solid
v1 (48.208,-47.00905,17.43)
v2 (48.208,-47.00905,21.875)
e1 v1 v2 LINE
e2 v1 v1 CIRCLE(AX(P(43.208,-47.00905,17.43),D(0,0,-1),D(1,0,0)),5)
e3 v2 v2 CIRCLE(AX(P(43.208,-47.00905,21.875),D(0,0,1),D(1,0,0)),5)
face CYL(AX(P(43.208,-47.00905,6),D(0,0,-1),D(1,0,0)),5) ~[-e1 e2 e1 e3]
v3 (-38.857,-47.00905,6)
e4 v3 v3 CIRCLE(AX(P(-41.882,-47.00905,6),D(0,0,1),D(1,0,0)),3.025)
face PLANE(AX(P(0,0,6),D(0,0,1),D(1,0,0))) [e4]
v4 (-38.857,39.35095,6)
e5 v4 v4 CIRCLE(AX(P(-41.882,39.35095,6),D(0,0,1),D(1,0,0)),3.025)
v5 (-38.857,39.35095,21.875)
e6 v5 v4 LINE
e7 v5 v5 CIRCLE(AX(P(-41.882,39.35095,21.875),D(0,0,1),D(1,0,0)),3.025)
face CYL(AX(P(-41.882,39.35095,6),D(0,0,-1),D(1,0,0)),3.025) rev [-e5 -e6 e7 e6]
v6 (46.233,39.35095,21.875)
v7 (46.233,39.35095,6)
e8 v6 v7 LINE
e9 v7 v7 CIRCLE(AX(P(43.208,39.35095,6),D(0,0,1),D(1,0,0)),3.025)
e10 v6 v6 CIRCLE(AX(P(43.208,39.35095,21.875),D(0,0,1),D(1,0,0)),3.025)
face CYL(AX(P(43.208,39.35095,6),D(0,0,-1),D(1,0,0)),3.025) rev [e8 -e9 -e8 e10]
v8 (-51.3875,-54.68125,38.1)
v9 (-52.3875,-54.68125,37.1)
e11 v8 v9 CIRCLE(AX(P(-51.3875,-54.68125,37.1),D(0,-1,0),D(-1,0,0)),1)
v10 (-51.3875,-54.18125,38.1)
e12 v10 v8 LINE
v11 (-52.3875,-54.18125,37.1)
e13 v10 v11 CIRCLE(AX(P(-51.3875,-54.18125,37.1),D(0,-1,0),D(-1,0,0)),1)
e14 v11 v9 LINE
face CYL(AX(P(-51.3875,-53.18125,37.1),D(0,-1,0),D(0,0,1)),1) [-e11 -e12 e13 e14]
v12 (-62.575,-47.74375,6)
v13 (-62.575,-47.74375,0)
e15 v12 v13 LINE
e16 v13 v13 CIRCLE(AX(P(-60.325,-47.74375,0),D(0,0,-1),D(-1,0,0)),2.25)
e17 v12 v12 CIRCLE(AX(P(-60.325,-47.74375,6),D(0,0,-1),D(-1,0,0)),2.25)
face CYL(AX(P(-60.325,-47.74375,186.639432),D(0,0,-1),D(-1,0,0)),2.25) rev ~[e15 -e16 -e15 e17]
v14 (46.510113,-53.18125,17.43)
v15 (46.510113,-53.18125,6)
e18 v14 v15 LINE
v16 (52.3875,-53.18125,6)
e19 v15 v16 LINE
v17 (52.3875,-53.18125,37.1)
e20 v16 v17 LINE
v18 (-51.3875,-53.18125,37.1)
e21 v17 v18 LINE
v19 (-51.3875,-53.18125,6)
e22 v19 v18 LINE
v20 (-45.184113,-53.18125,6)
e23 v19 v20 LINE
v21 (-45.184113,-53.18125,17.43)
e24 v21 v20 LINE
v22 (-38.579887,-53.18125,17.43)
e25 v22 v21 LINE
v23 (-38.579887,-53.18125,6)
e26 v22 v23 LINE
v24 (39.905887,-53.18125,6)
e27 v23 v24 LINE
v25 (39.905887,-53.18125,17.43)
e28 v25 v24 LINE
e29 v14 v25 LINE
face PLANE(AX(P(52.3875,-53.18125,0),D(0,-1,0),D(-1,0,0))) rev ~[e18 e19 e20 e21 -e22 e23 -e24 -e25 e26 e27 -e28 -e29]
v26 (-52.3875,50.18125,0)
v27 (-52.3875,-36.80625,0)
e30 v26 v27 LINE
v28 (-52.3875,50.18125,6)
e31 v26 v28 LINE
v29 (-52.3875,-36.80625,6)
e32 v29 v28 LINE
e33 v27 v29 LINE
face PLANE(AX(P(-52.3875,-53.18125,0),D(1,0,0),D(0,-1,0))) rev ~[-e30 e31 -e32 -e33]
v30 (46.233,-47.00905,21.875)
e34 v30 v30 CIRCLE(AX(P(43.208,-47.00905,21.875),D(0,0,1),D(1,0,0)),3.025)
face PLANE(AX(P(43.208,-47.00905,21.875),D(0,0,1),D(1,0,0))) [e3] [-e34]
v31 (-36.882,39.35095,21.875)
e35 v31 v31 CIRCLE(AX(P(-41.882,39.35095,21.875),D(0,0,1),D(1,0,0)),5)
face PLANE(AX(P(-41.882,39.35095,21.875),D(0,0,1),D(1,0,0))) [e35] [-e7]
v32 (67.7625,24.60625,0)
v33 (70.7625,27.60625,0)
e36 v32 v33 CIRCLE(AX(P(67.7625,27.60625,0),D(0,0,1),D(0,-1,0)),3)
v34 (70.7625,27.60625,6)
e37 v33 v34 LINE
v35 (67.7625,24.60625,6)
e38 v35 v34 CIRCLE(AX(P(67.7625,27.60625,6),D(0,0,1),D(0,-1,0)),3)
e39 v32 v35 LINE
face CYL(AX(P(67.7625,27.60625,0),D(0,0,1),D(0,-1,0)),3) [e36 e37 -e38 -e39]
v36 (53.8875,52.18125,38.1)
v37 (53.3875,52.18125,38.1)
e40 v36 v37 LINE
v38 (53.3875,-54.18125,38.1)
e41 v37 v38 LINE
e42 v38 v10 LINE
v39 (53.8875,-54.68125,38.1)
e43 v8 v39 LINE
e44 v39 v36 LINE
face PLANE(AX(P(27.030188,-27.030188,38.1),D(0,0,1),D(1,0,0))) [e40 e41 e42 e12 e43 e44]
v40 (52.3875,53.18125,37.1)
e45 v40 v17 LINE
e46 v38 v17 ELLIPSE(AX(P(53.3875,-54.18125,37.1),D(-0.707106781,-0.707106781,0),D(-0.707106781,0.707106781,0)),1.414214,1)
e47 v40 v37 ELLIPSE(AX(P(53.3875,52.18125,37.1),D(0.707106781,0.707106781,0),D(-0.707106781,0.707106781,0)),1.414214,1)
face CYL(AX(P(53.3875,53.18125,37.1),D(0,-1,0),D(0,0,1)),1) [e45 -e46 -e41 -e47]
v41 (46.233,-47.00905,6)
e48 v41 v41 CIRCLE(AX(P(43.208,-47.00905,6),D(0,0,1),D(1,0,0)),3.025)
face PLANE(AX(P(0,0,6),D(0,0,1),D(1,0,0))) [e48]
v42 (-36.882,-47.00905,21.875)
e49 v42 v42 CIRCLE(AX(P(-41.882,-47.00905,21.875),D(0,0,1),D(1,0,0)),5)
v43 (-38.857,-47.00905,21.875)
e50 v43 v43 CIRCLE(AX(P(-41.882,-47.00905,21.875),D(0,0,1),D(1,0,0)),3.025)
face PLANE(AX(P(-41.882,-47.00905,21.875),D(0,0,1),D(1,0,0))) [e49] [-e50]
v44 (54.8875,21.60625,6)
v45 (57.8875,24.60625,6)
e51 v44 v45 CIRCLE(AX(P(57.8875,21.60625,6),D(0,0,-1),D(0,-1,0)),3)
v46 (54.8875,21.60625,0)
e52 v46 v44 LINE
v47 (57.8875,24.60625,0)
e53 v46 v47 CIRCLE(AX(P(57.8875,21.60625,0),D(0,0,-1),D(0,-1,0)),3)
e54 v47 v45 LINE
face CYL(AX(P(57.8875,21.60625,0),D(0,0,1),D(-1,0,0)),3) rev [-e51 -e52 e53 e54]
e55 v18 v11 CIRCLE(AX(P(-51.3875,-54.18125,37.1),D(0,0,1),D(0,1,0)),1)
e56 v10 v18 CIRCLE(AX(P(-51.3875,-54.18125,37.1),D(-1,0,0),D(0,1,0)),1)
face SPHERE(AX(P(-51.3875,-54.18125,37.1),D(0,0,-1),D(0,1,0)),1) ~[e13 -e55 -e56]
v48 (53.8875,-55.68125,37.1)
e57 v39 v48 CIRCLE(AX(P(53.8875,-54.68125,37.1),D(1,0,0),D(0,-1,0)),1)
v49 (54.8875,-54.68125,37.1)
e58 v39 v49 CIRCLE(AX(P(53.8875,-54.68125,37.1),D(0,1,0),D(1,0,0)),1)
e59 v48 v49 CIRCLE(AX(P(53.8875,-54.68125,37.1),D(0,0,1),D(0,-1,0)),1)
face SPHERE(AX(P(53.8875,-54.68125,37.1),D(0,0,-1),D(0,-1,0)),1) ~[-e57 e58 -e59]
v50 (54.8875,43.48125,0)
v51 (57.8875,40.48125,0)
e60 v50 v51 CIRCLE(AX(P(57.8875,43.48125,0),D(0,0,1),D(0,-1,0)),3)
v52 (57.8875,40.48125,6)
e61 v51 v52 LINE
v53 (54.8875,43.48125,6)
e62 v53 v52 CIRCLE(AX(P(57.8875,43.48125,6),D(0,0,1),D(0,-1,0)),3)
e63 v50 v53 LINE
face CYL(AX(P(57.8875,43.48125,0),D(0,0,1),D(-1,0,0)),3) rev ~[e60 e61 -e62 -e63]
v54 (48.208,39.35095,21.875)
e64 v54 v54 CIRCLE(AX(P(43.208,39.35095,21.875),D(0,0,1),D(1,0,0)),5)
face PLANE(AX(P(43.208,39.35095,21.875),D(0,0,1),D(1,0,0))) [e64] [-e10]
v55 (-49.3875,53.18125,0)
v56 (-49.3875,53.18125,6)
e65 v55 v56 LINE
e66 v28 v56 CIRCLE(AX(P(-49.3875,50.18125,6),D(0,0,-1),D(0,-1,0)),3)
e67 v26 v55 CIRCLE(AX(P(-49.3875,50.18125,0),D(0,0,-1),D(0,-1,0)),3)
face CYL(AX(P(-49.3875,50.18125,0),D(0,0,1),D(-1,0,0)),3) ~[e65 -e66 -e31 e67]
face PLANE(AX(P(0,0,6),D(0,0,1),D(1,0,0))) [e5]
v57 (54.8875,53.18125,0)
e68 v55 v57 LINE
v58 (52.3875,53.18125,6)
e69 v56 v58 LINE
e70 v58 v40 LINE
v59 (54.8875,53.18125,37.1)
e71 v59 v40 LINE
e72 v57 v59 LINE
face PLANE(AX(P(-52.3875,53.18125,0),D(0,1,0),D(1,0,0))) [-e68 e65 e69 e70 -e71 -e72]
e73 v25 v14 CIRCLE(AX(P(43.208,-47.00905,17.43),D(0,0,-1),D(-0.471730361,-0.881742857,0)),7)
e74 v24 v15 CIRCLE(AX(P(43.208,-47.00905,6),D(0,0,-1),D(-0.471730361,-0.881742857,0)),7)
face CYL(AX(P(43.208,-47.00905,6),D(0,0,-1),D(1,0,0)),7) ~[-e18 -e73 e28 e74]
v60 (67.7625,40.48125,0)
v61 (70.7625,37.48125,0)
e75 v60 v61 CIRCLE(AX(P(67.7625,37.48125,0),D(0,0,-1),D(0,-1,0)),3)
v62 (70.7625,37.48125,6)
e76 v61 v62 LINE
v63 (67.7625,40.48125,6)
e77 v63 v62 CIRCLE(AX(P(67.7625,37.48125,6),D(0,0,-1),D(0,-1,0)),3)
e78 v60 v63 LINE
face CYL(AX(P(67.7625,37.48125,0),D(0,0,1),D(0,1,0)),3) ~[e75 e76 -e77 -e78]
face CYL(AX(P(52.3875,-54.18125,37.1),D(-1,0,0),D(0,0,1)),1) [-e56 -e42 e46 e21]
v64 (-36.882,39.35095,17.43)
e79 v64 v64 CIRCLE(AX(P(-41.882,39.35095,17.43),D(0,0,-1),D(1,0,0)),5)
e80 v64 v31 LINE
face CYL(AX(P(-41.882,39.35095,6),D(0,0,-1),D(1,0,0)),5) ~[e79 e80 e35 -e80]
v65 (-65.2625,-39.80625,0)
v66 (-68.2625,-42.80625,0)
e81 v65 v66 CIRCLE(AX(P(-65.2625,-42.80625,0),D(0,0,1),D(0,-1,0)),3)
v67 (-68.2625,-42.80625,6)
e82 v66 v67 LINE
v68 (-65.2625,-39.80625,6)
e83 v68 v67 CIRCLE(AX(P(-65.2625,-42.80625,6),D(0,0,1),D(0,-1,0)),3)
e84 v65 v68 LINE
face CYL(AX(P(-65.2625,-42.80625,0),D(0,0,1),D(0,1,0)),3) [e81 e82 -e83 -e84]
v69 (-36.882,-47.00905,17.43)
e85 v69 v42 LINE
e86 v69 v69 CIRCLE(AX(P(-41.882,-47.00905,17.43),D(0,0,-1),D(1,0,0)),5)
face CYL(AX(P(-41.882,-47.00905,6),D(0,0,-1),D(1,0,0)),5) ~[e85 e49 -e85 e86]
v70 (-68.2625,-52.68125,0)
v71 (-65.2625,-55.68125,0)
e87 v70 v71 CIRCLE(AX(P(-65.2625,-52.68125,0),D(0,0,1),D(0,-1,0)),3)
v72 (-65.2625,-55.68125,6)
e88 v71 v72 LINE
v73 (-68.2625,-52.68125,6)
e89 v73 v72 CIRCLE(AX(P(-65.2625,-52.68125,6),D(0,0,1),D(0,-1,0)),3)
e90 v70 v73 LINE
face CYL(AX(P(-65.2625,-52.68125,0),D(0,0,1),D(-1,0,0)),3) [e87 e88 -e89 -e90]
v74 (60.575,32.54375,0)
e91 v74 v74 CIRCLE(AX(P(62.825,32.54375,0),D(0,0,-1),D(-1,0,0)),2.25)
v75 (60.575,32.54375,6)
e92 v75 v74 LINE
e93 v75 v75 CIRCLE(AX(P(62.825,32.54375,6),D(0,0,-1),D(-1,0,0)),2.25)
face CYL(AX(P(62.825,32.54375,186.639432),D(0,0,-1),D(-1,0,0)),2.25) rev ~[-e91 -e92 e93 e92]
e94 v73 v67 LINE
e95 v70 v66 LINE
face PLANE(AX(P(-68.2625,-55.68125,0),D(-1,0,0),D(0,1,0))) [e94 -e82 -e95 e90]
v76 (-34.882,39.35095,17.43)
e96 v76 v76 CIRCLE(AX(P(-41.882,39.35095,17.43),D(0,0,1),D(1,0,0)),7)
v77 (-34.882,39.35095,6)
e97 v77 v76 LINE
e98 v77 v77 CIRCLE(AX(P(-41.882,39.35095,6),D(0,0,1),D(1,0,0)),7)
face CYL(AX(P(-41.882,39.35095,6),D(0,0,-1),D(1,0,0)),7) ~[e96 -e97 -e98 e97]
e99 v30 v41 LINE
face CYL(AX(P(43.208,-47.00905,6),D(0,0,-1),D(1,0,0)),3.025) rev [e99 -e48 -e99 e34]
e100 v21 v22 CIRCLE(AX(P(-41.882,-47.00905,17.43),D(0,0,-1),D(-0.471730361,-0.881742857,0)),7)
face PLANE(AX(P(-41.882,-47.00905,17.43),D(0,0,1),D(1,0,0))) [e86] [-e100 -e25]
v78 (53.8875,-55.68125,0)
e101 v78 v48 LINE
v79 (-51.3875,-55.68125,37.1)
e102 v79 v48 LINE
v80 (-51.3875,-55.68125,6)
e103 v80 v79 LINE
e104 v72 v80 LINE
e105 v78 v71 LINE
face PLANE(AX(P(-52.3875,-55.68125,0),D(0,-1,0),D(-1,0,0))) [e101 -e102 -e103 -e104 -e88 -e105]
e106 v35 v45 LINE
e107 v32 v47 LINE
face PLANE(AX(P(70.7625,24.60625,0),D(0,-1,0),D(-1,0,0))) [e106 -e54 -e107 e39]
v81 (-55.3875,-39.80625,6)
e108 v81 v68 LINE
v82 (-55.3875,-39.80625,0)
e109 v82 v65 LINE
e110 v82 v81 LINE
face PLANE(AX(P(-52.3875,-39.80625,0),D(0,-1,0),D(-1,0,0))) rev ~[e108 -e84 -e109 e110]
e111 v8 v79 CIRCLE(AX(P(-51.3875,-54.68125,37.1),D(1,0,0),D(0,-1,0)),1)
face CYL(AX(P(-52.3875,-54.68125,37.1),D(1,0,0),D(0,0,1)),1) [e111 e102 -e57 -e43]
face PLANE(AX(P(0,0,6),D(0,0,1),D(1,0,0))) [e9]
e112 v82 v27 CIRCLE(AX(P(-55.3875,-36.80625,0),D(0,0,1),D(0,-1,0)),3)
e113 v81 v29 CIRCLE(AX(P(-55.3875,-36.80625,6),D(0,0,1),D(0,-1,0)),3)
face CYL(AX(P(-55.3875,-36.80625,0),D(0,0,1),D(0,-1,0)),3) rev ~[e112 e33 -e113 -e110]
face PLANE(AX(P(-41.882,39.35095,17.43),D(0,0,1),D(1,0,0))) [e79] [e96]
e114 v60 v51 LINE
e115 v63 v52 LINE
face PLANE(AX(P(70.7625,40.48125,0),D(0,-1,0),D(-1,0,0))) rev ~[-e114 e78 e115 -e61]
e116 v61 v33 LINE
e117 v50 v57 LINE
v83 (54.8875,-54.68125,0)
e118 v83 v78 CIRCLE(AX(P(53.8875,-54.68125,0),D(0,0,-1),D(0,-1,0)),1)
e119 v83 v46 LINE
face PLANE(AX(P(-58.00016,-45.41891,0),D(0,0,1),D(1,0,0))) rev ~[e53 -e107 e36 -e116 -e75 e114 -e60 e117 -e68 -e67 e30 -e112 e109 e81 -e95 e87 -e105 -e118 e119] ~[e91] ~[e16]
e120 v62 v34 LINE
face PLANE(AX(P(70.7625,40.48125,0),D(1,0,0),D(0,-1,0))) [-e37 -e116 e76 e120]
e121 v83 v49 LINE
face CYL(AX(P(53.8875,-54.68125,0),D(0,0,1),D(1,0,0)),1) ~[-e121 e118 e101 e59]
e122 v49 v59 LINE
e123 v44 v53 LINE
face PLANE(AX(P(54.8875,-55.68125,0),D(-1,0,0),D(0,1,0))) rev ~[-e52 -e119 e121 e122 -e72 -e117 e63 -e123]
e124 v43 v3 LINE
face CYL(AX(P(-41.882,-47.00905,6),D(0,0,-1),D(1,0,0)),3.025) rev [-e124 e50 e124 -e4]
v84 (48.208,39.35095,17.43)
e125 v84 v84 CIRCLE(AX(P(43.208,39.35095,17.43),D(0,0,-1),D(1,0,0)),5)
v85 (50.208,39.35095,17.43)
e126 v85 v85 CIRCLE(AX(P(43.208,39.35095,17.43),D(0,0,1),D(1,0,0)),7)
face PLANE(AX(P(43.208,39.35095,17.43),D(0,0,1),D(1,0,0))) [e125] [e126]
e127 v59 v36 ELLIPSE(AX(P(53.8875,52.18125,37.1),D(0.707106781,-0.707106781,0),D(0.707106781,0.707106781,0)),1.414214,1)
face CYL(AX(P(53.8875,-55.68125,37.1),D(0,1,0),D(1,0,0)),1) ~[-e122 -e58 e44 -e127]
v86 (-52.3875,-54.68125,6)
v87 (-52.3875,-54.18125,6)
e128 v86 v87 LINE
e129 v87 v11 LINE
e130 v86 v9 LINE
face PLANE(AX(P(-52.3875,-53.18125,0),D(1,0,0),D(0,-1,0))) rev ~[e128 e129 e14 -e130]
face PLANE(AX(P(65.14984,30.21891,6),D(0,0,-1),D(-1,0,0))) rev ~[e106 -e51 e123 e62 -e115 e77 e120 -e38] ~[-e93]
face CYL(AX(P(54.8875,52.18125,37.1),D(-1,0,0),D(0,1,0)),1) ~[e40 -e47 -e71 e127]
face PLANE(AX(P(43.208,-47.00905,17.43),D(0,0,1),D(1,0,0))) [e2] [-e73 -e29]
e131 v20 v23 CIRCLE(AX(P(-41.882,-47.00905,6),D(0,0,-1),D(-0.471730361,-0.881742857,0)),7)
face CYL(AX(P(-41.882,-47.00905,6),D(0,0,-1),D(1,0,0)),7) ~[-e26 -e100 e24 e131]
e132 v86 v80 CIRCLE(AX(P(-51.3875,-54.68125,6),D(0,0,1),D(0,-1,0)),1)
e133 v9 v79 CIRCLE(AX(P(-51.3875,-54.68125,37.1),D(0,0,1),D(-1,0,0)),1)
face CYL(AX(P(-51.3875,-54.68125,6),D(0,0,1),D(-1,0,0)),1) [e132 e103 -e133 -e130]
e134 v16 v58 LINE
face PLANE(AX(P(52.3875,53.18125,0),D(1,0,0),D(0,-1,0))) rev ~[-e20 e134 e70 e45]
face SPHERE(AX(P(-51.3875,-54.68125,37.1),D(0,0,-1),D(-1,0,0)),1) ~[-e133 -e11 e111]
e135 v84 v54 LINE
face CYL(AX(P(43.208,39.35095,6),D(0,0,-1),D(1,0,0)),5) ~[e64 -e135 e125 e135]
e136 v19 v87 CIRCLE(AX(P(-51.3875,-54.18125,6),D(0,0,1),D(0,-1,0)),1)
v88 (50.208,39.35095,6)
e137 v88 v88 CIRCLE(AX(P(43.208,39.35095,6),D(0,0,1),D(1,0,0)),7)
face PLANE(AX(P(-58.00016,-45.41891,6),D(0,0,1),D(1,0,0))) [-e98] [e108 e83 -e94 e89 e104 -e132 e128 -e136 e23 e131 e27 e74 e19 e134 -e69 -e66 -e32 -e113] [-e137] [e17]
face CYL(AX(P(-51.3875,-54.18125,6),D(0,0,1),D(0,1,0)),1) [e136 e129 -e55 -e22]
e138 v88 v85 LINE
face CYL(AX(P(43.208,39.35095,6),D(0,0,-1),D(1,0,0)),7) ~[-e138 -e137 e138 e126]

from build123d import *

# Parameters (mm, degrees)
SKETCH1_W            = 104.775
SKETCH1_H            = 106.3625
BOSS_EXTRUDE1_DEPTH  = 6
BOSS_EXTRUDE2_DEPTH  = 38.1
SKETCH3_R            = 5
SKETCH3_R_2          = 3.025
BOSS_EXTRUDE3_DEPTH  = 15.875
SKETCH4_R            = 7
SKETCH4_R_2          = 3.025
BOSS_EXTRUDE4_DEPTH  = 11.43
BOSS_EXTRUDE5_DEPTH  = 6
M4_CLEARANCE_HOLE1_D = 4.5
FILLET2_R            = 3
FILLET3_R            = 1


with BuildPart() as part:
    # Sketch1 → Boss-Extrude1 (new body)
    with BuildSketch(Plane.XY):
        Rectangle(SKETCH1_W, SKETCH1_H)
    extrude(amount=BOSS_EXTRUDE1_DEPTH)

    # Sketch2 → Boss-Extrude2 (add)
    with BuildSketch(Plane.XY):
        Polygon((-52.3875, -53.18125), (-52.3875, -55.68125), (54.8875, -55.68125), (54.8875, 53.18125), (52.3875, 53.18125), (52.3875, -53.18125), align=None)
    extrude(amount=BOSS_EXTRUDE2_DEPTH)

    # Sketch3 → Boss-Extrude3 (add)
    with BuildSketch(Plane.XY.offset(6)):
        with Locations((43.208, 39.35095)):
            Circle(SKETCH3_R)
        with Locations((43.208, 39.35095)):
            Circle(SKETCH3_R_2, mode=Mode.SUBTRACT)
        with Locations((-41.882, 39.35095)):
            Circle(SKETCH3_R)
        with Locations((-41.882, 39.35095)):
            Circle(SKETCH3_R_2, mode=Mode.SUBTRACT)
        with Locations((-41.882, -47.00905)):
            Circle(SKETCH3_R)
        with Locations((-41.882, -47.00905)):
            Circle(SKETCH3_R_2, mode=Mode.SUBTRACT)
        with Locations((43.208, -47.00905)):
            Circle(SKETCH3_R)
        with Locations((43.208, -47.00905)):
            Circle(SKETCH3_R_2, mode=Mode.SUBTRACT)
    extrude(amount=BOSS_EXTRUDE3_DEPTH)

    # Sketch4 → Boss-Extrude4 (add)
    with BuildSketch(Plane.XY.offset(6)):
        with Locations((43.208, 39.35095)):
            Circle(SKETCH4_R)
        with Locations((43.208, 39.35095)):
            Circle(SKETCH4_R_2, mode=Mode.SUBTRACT)
        with Locations((-41.882, 39.35095)):
            Circle(SKETCH4_R)
        with Locations((-41.882, 39.35095)):
            Circle(SKETCH4_R_2, mode=Mode.SUBTRACT)
        with Locations((-41.882, -47.00905)):
            Circle(SKETCH4_R)
        with Locations((-41.882, -47.00905)):
            Circle(SKETCH4_R_2, mode=Mode.SUBTRACT)
        with Locations((43.208, -47.00905)):
            Circle(SKETCH4_R)
        with Locations((43.208, -47.00905)):
            Circle(SKETCH4_R_2, mode=Mode.SUBTRACT)
    extrude(amount=BOSS_EXTRUDE4_DEPTH)

    # Sketch6 → Boss-Extrude5 (add)
    with BuildSketch(Plane.XY):
        Polygon((-52.3875, -55.68125), (-52.3875, -39.80625), (-68.2625, -39.80625), align=None)
        Polygon((-68.2625, -55.68125), (-68.2625, -39.80625), (-52.3875, -55.68125), align=None)
        Polygon((54.8875, 24.60625), (70.7625, 40.48125), (70.7625, 24.60625), align=None)
        Polygon((54.8875, 40.48125), (54.8875, 24.60625), (70.7625, 40.48125), align=None)
    extrude(amount=BOSS_EXTRUDE5_DEPTH)

    # M4 Clearance Hole1 (through all)
    with Locations(Plane.XY.offset(6)):
        with Locations((62.825, 32.54375), (-60.325, -47.74375)):
            Hole(M4_CLEARANCE_HOLE1_D / 2)

    # Fillet2
    fillet2_edges = [part.edges().sort_by_distance(p)[0] for p in [
        (-52.3875, -39.80625, 3),
        (-68.2625, -39.80625, 3),
        (-68.2625, -55.68125, 3),
        (70.7625, 24.60625, 3),
        (70.7625, 40.48125, 3),
        (54.8875, 40.48125, 3),
        (54.8875, 24.60625, 3),
        (-52.3875, 53.18125, 3),
    ]]
    fillet(fillet2_edges, radius=FILLET2_R)

    # Fillet3
    fillet3_edges = [part.edges().sort_by_distance(p)[0] for p in [
        (-52.3875, -53.18125, 22.05),
        (-52.3875, -55.68125, 22.05),
        (54.8875, -55.68125, 19.05),
        (0, -53.18125, 38.1),
        (-52.3875, -54.43125, 38.1),
        (1.25, -55.68125, 38.1),
        (54.8875, -1.25, 38.1),
        (53.6375, 53.18125, 38.1),
        (52.3875, 0, 38.1),
    ]]
    fillet(fillet3_edges, radius=FILLET3_R)


solid = part.part
